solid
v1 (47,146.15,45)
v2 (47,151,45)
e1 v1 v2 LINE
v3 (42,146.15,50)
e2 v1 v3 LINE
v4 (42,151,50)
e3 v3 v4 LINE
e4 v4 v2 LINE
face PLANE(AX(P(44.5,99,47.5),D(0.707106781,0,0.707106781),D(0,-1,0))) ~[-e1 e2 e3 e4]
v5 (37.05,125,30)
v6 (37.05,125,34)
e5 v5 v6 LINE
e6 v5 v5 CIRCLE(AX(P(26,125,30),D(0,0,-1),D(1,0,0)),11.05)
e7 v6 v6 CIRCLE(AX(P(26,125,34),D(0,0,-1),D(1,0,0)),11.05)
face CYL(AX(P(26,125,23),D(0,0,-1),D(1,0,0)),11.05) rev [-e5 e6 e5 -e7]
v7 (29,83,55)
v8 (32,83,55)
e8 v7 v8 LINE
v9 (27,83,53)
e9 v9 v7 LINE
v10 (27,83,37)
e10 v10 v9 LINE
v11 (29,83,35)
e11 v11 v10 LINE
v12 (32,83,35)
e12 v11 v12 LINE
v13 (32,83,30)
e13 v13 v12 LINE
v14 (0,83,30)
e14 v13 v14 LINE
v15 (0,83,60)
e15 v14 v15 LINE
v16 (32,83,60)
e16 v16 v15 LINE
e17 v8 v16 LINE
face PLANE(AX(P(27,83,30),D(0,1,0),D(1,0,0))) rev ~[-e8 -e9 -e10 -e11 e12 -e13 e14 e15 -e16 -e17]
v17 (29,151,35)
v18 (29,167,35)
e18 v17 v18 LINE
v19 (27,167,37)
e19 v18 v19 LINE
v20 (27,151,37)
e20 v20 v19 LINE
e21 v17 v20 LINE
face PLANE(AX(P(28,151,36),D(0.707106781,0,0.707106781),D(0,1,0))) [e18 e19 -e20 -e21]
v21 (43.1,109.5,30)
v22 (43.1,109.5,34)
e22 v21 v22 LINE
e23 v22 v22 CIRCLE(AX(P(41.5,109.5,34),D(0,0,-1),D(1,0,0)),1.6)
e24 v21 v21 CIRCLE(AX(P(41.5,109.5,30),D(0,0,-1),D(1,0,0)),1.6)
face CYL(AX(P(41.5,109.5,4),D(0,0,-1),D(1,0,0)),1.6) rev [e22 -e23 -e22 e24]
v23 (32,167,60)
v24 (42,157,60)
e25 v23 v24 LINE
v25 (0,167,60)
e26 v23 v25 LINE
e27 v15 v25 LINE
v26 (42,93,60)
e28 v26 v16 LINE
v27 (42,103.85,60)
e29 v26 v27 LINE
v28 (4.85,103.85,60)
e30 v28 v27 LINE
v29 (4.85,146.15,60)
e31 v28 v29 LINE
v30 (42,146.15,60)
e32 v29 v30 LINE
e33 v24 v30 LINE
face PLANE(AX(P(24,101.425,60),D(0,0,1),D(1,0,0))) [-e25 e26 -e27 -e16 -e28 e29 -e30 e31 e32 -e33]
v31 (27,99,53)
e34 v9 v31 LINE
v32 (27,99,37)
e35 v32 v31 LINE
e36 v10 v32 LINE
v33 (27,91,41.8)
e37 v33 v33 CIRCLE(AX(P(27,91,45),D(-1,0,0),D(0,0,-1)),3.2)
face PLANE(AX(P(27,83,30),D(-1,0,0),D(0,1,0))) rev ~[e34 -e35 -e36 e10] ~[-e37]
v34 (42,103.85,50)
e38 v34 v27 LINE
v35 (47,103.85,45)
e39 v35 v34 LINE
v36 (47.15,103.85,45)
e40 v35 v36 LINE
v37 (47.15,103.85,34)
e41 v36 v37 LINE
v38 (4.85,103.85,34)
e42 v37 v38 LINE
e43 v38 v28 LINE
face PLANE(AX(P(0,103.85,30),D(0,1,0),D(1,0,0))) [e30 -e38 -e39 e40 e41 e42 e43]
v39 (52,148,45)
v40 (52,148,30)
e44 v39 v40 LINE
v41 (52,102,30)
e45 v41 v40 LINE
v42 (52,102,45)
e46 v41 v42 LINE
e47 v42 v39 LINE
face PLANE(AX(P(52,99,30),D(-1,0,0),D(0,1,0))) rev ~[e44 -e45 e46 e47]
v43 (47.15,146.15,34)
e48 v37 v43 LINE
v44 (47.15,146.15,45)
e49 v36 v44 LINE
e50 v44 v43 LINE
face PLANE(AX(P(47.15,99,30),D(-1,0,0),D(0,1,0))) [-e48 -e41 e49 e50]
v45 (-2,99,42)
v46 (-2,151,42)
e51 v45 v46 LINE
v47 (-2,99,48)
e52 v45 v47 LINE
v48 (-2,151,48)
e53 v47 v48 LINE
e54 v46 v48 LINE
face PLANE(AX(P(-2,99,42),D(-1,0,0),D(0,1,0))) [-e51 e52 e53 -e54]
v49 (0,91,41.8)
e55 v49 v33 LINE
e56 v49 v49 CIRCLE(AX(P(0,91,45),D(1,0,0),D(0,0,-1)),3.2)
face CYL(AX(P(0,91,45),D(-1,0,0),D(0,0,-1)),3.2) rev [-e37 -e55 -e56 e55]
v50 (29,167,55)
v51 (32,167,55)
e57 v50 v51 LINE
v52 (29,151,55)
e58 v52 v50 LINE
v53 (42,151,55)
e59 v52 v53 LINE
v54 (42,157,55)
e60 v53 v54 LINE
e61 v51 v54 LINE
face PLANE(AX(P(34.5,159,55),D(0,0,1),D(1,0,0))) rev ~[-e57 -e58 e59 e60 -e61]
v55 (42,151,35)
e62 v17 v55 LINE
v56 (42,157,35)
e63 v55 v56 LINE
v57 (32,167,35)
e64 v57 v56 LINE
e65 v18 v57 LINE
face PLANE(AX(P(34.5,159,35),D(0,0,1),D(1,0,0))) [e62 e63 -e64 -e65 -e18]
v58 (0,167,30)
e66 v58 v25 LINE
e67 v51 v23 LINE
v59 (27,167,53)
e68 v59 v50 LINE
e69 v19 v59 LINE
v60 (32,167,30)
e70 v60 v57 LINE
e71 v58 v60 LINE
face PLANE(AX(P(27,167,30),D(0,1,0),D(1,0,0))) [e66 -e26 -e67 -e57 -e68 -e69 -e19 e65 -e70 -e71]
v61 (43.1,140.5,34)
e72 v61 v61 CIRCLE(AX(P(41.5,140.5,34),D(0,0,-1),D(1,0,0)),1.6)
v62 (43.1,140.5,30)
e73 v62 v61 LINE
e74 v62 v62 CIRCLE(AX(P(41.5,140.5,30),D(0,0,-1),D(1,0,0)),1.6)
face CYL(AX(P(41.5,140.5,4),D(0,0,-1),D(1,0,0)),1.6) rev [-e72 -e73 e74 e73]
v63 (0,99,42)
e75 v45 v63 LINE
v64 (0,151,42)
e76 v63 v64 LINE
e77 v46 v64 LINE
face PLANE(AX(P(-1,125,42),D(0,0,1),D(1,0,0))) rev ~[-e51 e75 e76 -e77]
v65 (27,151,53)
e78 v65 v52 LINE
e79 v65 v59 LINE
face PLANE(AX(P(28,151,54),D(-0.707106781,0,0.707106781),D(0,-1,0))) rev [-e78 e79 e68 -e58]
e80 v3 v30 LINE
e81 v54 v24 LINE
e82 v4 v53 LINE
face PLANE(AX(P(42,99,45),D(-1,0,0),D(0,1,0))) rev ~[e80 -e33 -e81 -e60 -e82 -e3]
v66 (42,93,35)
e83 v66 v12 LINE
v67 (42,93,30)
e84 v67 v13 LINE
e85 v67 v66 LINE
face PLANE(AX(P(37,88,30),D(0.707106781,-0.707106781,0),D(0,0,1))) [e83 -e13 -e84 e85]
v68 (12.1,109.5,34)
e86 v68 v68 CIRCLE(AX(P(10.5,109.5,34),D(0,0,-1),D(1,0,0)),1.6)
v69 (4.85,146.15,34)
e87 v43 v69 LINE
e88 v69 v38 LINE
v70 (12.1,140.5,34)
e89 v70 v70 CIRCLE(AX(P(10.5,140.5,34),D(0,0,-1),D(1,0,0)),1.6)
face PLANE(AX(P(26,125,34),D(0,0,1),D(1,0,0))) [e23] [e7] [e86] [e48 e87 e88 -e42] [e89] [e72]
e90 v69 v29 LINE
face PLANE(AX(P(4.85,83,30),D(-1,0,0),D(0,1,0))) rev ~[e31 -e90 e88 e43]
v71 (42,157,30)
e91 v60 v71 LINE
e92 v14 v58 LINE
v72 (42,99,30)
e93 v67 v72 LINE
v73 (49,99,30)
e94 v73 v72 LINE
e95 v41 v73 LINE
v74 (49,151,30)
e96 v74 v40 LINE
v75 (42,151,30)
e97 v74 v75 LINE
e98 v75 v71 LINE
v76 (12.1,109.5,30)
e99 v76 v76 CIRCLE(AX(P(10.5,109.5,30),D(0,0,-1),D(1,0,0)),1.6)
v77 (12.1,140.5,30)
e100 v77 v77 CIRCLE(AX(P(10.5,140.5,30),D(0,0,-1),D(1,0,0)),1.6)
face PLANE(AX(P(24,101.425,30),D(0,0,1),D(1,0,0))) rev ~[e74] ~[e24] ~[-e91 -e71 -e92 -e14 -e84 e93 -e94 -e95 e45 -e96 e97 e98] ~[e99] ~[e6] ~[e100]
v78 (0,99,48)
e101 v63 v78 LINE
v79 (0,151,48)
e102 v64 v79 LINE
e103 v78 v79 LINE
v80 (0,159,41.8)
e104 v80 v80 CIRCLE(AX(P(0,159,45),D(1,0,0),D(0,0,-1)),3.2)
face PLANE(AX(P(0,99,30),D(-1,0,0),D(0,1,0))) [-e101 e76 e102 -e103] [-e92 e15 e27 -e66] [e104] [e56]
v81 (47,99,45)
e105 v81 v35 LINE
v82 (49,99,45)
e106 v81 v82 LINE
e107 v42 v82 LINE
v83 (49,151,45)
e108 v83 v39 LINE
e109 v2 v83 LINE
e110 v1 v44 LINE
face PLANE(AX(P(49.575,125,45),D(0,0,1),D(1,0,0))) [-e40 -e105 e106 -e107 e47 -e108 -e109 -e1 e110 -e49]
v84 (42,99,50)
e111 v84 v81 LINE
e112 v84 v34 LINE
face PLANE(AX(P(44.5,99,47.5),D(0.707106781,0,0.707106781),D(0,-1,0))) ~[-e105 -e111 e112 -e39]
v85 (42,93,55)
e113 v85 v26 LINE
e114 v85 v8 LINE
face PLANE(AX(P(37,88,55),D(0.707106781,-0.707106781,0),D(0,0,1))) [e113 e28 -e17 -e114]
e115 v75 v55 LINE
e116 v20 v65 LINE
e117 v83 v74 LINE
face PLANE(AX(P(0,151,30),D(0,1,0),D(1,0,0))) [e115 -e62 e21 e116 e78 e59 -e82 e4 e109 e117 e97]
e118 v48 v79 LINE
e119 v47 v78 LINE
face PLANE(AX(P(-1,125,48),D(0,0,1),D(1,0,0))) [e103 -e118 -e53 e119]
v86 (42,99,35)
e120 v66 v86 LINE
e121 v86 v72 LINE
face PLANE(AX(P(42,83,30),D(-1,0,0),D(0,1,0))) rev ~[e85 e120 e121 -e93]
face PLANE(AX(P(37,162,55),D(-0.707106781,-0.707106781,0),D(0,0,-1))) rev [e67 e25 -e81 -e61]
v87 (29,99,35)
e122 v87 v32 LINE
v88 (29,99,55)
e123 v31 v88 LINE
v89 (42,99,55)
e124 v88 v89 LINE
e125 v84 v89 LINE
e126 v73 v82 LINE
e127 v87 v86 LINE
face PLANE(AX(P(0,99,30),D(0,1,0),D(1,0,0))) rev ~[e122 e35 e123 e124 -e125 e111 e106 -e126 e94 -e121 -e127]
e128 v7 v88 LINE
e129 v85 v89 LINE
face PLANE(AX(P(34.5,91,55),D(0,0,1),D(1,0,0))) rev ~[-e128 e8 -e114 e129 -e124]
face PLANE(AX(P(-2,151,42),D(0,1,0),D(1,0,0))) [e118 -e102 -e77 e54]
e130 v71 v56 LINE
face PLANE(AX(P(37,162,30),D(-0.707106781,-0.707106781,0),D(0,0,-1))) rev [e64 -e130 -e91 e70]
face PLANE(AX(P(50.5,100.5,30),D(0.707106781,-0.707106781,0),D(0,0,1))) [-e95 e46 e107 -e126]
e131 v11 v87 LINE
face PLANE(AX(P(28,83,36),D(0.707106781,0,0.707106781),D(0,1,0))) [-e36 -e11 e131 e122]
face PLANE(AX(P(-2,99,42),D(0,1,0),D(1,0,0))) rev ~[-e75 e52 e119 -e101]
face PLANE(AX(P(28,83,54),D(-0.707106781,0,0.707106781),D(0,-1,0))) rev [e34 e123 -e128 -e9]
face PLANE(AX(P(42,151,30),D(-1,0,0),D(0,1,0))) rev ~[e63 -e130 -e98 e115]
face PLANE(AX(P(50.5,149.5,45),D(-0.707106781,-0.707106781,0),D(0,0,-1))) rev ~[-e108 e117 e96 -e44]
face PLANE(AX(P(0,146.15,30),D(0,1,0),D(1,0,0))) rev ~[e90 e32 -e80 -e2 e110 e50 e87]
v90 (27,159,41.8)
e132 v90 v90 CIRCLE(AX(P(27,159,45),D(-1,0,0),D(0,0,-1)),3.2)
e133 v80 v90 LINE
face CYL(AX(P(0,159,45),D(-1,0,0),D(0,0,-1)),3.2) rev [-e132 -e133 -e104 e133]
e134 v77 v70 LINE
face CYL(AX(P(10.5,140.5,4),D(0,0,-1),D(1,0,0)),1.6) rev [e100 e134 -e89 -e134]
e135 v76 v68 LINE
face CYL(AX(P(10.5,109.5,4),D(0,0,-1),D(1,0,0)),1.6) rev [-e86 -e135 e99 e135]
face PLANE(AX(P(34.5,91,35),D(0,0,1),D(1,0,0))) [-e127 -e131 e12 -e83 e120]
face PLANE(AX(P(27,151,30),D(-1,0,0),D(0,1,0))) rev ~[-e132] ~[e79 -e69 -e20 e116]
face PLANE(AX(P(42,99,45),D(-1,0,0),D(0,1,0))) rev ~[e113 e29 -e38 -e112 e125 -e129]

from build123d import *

# Parameters (mm, degrees)
BOX032_W          = 12
BOX032_H          = 52
BOX032_DEPTH      = 15
CHAMFER043_SIZE   = 5
CYLINDER020_R     = 3.2
CYLINDER020_DEPTH = 46
CYLINDER021_R     = 3.2
CYLINDER021_DEPTH = 46
CYLINDER011_R     = 11.05
CYLINDER011_DEPTH = 23
CYLINDER014_R     = 1.6
CYLINDER014_DEPTH = 47
CYLINDER013_R     = 1.6
CYLINDER013_DEPTH = 47
CYLINDER012_R     = 1.6
CYLINDER012_DEPTH = 47
CYLINDER015_R     = 1.6
CYLINDER015_DEPTH = 47
BOX011_W          = 52
BOX011_H          = 52
BOX011_DEPTH      = 4
BOX025_W          = 27
BOX025_H          = 16
BOX025_DEPTH      = 30
BOX027_W          = 15
BOX027_H          = 16
BOX027_DEPTH      = 5
BOX030_W          = 15
BOX030_H          = 16
BOX030_DEPTH      = 5
BOX026_W          = 27
BOX026_H          = 16
BOX026_DEPTH      = 30
BOX029_W          = 15
BOX029_H          = 16
BOX029_DEPTH      = 5
BOX009_W          = 48
BOX009_H          = 4.85
BOX009_DEPTH      = 30
BOX008_W          = 48
BOX008_H          = 4.85
BOX008_DEPTH      = 30
BOX006_W          = 4.85
BOX006_H          = 84
BOX006_DEPTH      = 30
BOX028_W          = 15
BOX028_H          = 16
BOX028_DEPTH      = 5
CHAMFER042_SIZE   = 2
BOX031_W          = 2
BOX031_H          = 52
BOX031_DEPTH      = 6
BOX010_W          = 4.85
BOX010_H          = 52
BOX010_DEPTH      = 15
CHAMFER044_SIZE   = 10
CHAMFER045_SIZE   = 3


with BuildPart() as chamfer043:
    # Box032 → Box032 (new body)
    with BuildSketch(Plane(origin=(42, 99, 45), x_dir=(1, 0, 0), z_dir=(0, 0, 1))):
        with Locations((6, 26)):
            Rectangle(BOX032_W, BOX032_H)
    extrude(amount=BOX032_DEPTH)

    # Chamfer043
    chamfer043_edges = [chamfer043.edges().sort_by_distance(p)[0] for p in [
        (42, 125, 45),
    ]]
    chamfer(chamfer043_edges, length=CHAMFER043_SIZE)


with BuildPart() as cylinder004:
    # Cylinder020 → Cylinder020 (new body)
    with BuildSketch(Plane(origin=(0, 91, 45), x_dir=(0, 0, -1), z_dir=(1, 0, 0))):
        Circle(CYLINDER020_R)
    extrude(amount=CYLINDER020_DEPTH)


with BuildPart() as fusion008022:
    # Cylinder021 → Cylinder021 (new body)
    with BuildSketch(Plane(origin=(0, 159, 45), x_dir=(0, 0, -1), z_dir=(1, 0, 0))):
        Circle(CYLINDER021_R)
    extrude(amount=CYLINDER021_DEPTH)

    # Fusion008022: union Cylinder004
    add(cylinder004.part)


with BuildPart() as center_slot:
    # Cylinder011 → Cylinder011 (new body)
    with BuildSketch(Plane(origin=(26, 125, 23), x_dir=(1, 0, 0), z_dir=(0, 0, 1))):
        Circle(CYLINDER011_R)
    extrude(amount=CYLINDER011_DEPTH)


with BuildPart() as cylinder014:
    # Cylinder014 → Cylinder014 (new body)
    with BuildSketch(Plane(origin=(10.5, 109.5, 4), x_dir=(1, 0, 0), z_dir=(0, 0, 1))):
        Circle(CYLINDER014_R)
    extrude(amount=CYLINDER014_DEPTH)


with BuildPart() as cylinder013:
    # Cylinder013 → Cylinder013 (new body)
    with BuildSketch(Plane(origin=(10.5, 140.5, 4), x_dir=(1, 0, 0), z_dir=(0, 0, 1))):
        Circle(CYLINDER013_R)
    extrude(amount=CYLINDER013_DEPTH)


with BuildPart() as cylinder012:
    # Cylinder012 → Cylinder012 (new body)
    with BuildSketch(Plane(origin=(41.5, 140.5, 4), x_dir=(1, 0, 0), z_dir=(0, 0, 1))):
        Circle(CYLINDER012_R)
    extrude(amount=CYLINDER012_DEPTH)


with BuildPart() as fusion011:
    # Cylinder015 → Cylinder015 (new body)
    with BuildSketch(Plane(origin=(41.5, 109.5, 4), x_dir=(1, 0, 0), z_dir=(0, 0, 1))):
        Circle(CYLINDER015_R)
    extrude(amount=CYLINDER015_DEPTH)

    # Fusion011: union Cylinder014, Cylinder013, Cylinder012
    add(cylinder014.part)
    add(cylinder013.part)
    add(cylinder012.part)


with BuildPart() as cut002003010:
    # Box011 → Box011 (new body)
    with BuildSketch(Plane(origin=(0, 99, 30), x_dir=(1, 0, 0), z_dir=(0, 0, 1))):
        with Locations((26, 26)):
            Rectangle(BOX011_W, BOX011_H)
    extrude(amount=BOX011_DEPTH)

    # Cut002003007: cut Fusion011
    add(fusion011.part, mode=Mode.SUBTRACT)

    # Cut002003010: cut center-slot
    add(center_slot.part, mode=Mode.SUBTRACT)


with BuildPart() as cube025:
    # Box025 → Box025 (new body)
    with BuildSketch(Plane(origin=(0, 83, 30), x_dir=(1, 0, 0), z_dir=(0, 0, 1))):
        with Locations((13.5, 8)):
            Rectangle(BOX025_W, BOX025_H)
    extrude(amount=BOX025_DEPTH)


with BuildPart() as cube027:
    # Box027 → Box027 (new body)
    with BuildSketch(Plane(origin=(27, 83, 30), x_dir=(1, 0, 0), z_dir=(0, 0, 1))):
        with Locations((7.5, 8)):
            Rectangle(BOX027_W, BOX027_H)
    extrude(amount=BOX027_DEPTH)


with BuildPart() as cube030:
    # Box030 → Box030 (new body)
    with BuildSketch(Plane(origin=(27, 151, 55), x_dir=(1, 0, 0), z_dir=(0, 0, 1))):
        with Locations((7.5, 8)):
            Rectangle(BOX030_W, BOX030_H)
    extrude(amount=BOX030_DEPTH)


with BuildPart() as cube026:
    # Box026 → Box026 (new body)
    with BuildSketch(Plane(origin=(0, 151, 30), x_dir=(1, 0, 0), z_dir=(0, 0, 1))):
        with Locations((13.5, 8)):
            Rectangle(BOX026_W, BOX026_H)
    extrude(amount=BOX026_DEPTH)


with BuildPart() as cube029:
    # Box029 → Box029 (new body)
    with BuildSketch(Plane(origin=(27, 151, 30), x_dir=(1, 0, 0), z_dir=(0, 0, 1))):
        with Locations((7.5, 8)):
            Rectangle(BOX029_W, BOX029_H)
    extrude(amount=BOX029_DEPTH)


with BuildPart() as cube009:
    # Box009 → Box009 (new body)
    with BuildSketch(Plane(origin=(0, 146.15, 30), x_dir=(1, 0, 0), z_dir=(0, 0, 1))):
        with Locations((24, 2.425)):
            Rectangle(BOX009_W, BOX009_H)
    extrude(amount=BOX009_DEPTH)


with BuildPart() as cube008:
    # Box008 → Box008 (new body)
    with BuildSketch(Plane(origin=(0, 99, 30), x_dir=(1, 0, 0), z_dir=(0, 0, 1))):
        with Locations((24, 2.425)):
            Rectangle(BOX008_W, BOX008_H)
    extrude(amount=BOX008_DEPTH)


with BuildPart() as cube006:
    # Box006 → Box006 (new body)
    with BuildSketch(Plane(origin=(0, 83, 30), x_dir=(1, 0, 0), z_dir=(0, 0, 1))):
        with Locations((2.425, 42)):
            Rectangle(BOX006_W, BOX006_H)
    extrude(amount=BOX006_DEPTH)


with BuildPart() as chamfer042:
    # Box028 → Box028 (new body)
    with BuildSketch(Plane(origin=(27, 83, 55), x_dir=(1, 0, 0), z_dir=(0, 0, 1))):
        with Locations((7.5, 8)):
            Rectangle(BOX028_W, BOX028_H)
    extrude(amount=BOX028_DEPTH)

    # Fusion008020: union Cube025, Cube027, Cube030, Cube026, Cube029, Cube009, Cube008, Cube006
    add(cube025.part)
    add(cube027.part)
    add(cube030.part)
    add(cube026.part)
    add(cube029.part)
    add(cube009.part)
    add(cube008.part)
    add(cube006.part)

    # Chamfer042
    chamfer042_edges = [chamfer042.edges().sort_by_distance(p)[0] for p in [
        (27, 91, 55),
        (27, 91, 35),
        (27, 159, 55),
        (27, 159, 35),
    ]]
    chamfer(chamfer042_edges, length=CHAMFER042_SIZE)


with BuildPart() as cube031:
    # Box031 → Box031 (new body)
    with BuildSketch(Plane(origin=(-2, 99, 42), x_dir=(1, 0, 0), z_dir=(0, 0, 1))):
        with Locations((1, 26)):
            Rectangle(BOX031_W, BOX031_H)
    extrude(amount=BOX031_DEPTH)


with BuildPart() as chamfer045:
    # Box010 → Box010 (new body)
    with BuildSketch(Plane(origin=(47.15, 99, 30), x_dir=(1, 0, 0), z_dir=(0, 0, 1))):
        with Locations((2.425, 26)):
            Rectangle(BOX010_W, BOX010_H)
    extrude(amount=BOX010_DEPTH)

    # Fusion008021: union Cut002003010, Chamfer042, Cube031
    add(cut002003010.part)
    add(chamfer042.part)
    add(cube031.part)

    # Cut002003021012: cut Fusion008022
    add(fusion008022.part, mode=Mode.SUBTRACT)

    # Cut002003021013: cut Chamfer043
    add(chamfer043.part, mode=Mode.SUBTRACT)

    # Chamfer044
    chamfer044_edges = [chamfer045.edges().sort_by_distance(p)[0] for p in [
        (42, 83, 32.5),
        (42, 83, 57.5),
        (42, 167, 32.5),
        (42, 167, 57.5),
    ]]
    chamfer(chamfer044_edges, length=CHAMFER044_SIZE)

    # Chamfer045
    chamfer045_edges = [chamfer045.edges().sort_by_distance(p)[0] for p in [
        (52, 99, 39.5),
        (52, 99, 32),
        (52, 151, 39.5),
        (52, 151, 32),
    ]]
    chamfer(chamfer045_edges, length=CHAMFER045_SIZE)


solid = chamfer045.part
